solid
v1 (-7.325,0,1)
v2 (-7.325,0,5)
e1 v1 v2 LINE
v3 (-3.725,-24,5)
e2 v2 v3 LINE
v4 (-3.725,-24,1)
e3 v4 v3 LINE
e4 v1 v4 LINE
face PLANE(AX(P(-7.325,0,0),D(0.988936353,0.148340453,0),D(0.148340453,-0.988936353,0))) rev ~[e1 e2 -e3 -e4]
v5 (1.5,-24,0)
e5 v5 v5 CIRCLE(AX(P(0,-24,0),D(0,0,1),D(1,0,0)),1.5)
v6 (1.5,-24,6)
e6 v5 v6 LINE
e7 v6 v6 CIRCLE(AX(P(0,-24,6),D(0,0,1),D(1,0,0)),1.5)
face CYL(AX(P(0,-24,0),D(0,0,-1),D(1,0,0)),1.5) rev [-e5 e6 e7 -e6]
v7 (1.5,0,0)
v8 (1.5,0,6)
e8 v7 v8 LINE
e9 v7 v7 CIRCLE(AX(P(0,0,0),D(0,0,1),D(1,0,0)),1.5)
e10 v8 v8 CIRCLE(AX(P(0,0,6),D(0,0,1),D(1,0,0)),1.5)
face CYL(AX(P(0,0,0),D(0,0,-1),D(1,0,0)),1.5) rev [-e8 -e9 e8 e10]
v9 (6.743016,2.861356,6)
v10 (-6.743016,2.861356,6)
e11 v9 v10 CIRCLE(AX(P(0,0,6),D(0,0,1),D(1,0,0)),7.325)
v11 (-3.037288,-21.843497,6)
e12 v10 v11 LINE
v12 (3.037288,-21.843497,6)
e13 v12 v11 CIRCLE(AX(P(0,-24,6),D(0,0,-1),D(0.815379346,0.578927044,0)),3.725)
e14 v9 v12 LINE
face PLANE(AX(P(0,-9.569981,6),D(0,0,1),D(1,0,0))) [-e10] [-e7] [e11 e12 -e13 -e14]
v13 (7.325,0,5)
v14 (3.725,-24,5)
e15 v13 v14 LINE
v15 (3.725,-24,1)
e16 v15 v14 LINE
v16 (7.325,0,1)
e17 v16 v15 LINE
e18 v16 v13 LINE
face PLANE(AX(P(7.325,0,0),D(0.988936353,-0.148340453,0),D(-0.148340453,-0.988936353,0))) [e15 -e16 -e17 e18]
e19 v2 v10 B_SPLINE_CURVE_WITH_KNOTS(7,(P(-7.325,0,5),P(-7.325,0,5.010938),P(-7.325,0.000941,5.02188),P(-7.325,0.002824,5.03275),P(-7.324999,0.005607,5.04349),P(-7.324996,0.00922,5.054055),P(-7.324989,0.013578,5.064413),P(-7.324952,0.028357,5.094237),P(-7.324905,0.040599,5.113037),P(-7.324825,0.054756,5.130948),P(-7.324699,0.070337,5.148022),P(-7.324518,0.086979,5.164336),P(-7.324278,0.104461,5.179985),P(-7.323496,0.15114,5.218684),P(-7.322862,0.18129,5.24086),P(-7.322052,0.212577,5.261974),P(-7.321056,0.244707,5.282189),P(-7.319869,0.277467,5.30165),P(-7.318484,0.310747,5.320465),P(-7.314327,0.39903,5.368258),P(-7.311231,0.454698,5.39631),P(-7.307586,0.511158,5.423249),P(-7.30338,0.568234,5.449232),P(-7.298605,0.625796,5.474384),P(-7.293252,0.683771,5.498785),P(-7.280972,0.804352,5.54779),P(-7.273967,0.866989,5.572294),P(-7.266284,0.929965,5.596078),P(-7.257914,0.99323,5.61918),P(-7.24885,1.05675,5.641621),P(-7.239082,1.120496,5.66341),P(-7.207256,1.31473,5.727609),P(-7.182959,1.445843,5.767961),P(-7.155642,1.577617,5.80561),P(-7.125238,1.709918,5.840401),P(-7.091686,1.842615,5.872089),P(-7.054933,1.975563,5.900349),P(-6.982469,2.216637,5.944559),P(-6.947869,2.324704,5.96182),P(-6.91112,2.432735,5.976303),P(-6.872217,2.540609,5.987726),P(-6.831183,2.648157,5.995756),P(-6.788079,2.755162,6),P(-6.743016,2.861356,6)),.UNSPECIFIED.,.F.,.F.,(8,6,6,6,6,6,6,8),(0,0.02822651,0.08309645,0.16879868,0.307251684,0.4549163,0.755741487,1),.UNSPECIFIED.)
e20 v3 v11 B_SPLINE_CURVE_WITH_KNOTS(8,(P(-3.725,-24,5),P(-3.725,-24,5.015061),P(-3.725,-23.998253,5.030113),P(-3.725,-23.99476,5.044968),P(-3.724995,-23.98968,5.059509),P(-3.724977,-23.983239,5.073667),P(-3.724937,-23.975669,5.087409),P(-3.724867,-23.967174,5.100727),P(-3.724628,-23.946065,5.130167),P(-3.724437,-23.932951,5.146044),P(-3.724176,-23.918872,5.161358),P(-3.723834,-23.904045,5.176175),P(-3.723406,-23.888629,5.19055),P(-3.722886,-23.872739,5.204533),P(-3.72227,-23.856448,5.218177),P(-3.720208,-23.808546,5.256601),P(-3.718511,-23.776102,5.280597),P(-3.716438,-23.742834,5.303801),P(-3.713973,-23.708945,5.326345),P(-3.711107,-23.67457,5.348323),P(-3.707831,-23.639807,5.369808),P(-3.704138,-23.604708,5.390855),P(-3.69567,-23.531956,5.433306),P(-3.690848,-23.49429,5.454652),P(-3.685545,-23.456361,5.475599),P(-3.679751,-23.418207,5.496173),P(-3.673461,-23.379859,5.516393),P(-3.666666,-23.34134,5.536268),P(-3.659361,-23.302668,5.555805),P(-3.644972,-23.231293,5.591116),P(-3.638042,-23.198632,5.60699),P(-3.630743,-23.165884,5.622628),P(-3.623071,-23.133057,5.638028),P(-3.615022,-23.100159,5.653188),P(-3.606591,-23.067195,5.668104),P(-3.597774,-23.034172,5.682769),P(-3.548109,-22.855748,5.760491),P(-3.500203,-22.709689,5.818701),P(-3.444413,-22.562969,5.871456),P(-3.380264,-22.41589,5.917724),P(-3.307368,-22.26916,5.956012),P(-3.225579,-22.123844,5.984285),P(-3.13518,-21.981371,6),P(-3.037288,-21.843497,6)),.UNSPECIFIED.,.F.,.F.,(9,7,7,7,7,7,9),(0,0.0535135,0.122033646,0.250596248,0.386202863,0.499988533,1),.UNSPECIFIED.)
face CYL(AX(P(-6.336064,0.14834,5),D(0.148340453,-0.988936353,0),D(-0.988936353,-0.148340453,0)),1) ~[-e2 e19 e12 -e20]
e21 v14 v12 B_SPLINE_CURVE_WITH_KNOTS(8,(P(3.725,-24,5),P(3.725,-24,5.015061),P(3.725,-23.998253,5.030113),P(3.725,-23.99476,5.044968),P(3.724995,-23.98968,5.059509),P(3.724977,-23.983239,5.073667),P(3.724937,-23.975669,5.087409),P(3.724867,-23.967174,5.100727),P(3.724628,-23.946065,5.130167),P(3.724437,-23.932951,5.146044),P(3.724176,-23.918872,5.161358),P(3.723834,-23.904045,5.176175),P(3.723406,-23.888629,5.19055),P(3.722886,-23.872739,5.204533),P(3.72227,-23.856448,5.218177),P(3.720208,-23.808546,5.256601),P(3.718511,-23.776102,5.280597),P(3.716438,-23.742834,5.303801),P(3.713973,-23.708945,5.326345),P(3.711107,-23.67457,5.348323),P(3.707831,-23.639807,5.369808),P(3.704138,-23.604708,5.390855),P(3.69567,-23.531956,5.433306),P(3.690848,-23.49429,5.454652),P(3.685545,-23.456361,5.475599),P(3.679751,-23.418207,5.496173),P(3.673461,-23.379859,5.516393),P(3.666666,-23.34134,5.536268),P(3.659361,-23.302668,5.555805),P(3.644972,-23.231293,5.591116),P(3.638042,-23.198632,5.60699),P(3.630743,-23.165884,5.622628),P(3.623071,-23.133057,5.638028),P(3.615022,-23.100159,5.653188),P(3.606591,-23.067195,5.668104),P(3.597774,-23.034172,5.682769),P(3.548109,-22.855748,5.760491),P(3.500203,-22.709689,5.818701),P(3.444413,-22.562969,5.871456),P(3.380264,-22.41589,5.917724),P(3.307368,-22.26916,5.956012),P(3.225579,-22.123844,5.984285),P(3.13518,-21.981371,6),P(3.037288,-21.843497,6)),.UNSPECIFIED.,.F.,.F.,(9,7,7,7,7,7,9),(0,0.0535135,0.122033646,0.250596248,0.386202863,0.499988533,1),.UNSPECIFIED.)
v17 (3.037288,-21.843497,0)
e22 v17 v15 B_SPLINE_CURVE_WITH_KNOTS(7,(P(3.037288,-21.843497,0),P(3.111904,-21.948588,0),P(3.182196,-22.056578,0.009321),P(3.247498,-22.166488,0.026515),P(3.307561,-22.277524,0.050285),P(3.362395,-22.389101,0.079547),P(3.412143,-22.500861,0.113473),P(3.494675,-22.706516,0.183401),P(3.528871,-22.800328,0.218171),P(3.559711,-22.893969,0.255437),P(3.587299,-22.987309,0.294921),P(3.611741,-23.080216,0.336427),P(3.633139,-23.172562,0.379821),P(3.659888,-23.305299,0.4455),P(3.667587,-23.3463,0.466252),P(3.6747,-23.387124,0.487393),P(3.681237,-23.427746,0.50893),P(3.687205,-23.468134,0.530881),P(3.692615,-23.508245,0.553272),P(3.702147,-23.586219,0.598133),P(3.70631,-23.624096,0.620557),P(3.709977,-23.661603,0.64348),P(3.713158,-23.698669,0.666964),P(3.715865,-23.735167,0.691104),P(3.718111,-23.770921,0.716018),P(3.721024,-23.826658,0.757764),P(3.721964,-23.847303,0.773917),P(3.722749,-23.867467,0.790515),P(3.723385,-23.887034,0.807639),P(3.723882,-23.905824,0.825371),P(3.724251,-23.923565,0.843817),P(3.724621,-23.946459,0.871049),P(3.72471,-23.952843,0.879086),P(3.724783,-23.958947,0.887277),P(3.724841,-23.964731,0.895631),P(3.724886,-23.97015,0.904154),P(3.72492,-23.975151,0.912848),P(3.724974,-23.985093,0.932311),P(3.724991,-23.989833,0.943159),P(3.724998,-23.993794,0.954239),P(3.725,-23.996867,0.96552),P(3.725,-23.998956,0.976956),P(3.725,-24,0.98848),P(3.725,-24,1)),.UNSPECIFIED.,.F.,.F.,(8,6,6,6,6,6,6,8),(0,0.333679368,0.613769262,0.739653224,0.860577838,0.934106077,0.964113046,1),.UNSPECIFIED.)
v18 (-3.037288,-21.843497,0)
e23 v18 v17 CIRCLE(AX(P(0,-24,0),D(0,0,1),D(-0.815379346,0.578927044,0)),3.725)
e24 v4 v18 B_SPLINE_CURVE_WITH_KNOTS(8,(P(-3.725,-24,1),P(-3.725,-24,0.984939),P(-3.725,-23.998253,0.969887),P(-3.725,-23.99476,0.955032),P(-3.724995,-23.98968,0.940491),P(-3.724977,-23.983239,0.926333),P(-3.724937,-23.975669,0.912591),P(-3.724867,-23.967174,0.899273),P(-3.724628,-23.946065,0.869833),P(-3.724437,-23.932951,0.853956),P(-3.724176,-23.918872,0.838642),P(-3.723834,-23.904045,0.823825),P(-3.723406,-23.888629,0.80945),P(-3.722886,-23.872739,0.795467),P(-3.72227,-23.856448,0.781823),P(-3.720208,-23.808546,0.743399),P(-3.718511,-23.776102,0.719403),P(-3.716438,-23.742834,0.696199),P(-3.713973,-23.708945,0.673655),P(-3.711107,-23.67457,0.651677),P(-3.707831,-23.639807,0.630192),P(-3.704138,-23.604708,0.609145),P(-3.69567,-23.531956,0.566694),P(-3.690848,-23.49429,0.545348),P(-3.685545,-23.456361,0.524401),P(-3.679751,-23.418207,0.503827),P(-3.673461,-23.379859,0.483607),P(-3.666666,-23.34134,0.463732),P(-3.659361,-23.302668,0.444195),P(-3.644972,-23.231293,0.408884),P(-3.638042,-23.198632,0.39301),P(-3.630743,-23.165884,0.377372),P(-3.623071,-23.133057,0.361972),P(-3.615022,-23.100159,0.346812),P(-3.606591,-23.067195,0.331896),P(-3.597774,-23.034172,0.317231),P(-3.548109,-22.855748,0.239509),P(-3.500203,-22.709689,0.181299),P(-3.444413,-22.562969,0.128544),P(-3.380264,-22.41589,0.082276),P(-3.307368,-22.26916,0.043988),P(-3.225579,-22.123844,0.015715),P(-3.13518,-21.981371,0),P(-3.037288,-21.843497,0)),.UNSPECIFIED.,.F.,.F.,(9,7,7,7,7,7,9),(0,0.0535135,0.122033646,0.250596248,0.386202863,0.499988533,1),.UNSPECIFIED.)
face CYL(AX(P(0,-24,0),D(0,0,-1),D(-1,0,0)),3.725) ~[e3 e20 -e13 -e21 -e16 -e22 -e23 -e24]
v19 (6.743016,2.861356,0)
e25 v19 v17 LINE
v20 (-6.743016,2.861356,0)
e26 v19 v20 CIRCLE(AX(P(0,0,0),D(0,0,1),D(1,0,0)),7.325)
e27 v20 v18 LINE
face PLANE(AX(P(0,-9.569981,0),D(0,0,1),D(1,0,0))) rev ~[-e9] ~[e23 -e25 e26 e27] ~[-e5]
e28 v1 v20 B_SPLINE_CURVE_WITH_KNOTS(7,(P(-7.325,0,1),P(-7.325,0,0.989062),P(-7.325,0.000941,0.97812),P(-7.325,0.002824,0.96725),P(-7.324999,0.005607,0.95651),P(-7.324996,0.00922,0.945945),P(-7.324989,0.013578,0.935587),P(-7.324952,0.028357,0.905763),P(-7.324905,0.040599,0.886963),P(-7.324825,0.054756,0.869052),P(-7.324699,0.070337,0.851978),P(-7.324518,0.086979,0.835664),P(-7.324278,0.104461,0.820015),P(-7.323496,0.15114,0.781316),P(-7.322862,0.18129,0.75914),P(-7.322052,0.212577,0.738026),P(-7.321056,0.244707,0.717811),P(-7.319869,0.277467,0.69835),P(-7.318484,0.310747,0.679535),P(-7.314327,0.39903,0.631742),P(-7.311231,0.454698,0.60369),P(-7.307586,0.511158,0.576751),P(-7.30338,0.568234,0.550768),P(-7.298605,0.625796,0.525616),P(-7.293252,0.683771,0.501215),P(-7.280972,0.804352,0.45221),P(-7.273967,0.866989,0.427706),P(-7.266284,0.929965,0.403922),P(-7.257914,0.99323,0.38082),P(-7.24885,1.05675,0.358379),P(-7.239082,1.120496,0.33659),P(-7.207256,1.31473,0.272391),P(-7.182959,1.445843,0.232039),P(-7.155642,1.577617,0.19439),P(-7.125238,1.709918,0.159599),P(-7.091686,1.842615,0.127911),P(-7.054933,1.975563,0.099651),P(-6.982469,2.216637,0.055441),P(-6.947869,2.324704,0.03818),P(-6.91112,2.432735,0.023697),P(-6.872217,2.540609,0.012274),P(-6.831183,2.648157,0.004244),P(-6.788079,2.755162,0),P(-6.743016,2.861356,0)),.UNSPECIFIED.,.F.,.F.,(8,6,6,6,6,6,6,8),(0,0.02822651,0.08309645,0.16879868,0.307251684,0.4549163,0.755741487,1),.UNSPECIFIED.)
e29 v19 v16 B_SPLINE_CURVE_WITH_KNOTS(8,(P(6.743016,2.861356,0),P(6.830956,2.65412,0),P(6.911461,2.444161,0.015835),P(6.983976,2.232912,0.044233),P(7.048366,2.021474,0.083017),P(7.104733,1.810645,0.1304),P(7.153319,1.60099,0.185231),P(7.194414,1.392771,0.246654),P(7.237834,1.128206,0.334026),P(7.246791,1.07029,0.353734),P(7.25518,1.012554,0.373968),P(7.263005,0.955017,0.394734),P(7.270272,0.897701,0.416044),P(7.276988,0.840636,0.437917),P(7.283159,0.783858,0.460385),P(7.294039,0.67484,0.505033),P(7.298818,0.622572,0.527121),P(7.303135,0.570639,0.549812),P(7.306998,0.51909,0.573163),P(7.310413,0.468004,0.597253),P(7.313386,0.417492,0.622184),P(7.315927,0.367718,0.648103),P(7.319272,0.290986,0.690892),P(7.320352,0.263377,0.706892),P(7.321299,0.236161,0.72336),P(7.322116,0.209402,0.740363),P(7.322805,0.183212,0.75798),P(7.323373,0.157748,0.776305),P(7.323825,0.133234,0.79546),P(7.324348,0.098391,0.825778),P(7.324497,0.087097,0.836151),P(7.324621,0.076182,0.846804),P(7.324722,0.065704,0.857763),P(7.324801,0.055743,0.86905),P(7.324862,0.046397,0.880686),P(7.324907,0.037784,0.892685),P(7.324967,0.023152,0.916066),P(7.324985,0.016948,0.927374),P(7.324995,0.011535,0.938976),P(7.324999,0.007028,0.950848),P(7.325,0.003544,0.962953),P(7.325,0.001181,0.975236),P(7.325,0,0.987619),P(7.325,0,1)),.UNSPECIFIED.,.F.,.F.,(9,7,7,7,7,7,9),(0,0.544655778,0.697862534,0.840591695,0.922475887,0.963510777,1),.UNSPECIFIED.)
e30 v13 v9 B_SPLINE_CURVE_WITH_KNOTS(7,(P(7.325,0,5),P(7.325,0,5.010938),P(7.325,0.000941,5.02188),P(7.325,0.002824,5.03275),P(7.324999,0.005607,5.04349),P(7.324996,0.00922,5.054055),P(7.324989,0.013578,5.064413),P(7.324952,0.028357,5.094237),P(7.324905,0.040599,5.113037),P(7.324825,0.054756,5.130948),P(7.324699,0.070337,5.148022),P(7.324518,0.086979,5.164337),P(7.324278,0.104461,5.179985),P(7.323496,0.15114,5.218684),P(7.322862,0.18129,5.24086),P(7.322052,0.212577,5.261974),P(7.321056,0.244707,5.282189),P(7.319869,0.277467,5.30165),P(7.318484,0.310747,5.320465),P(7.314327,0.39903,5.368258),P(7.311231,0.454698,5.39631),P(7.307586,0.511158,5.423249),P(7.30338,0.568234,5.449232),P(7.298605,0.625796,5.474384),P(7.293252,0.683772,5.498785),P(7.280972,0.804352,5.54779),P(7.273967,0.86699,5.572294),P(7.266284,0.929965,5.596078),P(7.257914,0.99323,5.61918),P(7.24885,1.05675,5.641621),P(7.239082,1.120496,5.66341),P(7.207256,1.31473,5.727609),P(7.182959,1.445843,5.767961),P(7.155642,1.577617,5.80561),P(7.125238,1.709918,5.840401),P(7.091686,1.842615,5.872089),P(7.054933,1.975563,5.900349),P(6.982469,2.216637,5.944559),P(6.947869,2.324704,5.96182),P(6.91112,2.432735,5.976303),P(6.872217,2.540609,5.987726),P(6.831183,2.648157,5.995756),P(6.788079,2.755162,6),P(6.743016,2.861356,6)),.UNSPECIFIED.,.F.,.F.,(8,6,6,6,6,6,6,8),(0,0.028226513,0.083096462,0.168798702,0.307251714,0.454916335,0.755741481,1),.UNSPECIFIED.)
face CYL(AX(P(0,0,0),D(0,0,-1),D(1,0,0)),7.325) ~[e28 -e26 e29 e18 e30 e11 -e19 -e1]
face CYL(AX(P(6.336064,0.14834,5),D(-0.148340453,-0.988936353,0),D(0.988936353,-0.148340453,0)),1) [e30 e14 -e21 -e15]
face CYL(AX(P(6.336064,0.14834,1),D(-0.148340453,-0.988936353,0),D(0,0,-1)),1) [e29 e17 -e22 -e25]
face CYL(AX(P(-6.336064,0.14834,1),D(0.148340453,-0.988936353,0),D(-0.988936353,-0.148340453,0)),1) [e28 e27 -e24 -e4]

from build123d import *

# Parameters (mm, degrees)
SKETCH_R    = 1.5
PAD_DEPTH   = 6
FILLET_R    = 1
FILLET001_R = 1
FILLET002_R = 1
FILLET003_R = 1


with BuildPart() as part:
    # Sketch → Pad (new body)
    with BuildSketch(Plane.XY):
        with BuildLine():
            Line((-7.325, 0), (-3.725, -24))
            ThreePointArc((-3.725, -24), (0, -27.725), (3.725, -24))
            Line((7.325, 0), (3.725, -24))
            ThreePointArc((7.325, 0), (0, 7.325), (-7.325, 0))
        make_face()
        Circle(SKETCH_R, mode=Mode.SUBTRACT)
        with Locations((0, -24)):
            Circle(SKETCH_R, mode=Mode.SUBTRACT)
    extrude(amount=PAD_DEPTH)

    # Fillet
    fillet_edges = [part.edges().sort_by_distance(p)[0] for p in [
        (-5.525, -12, 6),
    ]]
    fillet(fillet_edges, radius=FILLET_R)

    # Fillet001
    fillet001_edges = [part.edges().sort_by_distance(p)[0] for p in [
        (5.525, -12, 6),
    ]]
    fillet(fillet001_edges, radius=FILLET001_R)

    # Fillet002
    fillet002_edges = [part.edges().sort_by_distance(p)[0] for p in [
        (-5.525, -12, 0),
    ]]
    fillet(fillet002_edges, radius=FILLET002_R)

    # Fillet003
    fillet003_edges = [part.edges().sort_by_distance(p)[0] for p in [
        (5.525, -12, 0),
    ]]
    fillet(fillet003_edges, radius=FILLET003_R)


solid = part.part
